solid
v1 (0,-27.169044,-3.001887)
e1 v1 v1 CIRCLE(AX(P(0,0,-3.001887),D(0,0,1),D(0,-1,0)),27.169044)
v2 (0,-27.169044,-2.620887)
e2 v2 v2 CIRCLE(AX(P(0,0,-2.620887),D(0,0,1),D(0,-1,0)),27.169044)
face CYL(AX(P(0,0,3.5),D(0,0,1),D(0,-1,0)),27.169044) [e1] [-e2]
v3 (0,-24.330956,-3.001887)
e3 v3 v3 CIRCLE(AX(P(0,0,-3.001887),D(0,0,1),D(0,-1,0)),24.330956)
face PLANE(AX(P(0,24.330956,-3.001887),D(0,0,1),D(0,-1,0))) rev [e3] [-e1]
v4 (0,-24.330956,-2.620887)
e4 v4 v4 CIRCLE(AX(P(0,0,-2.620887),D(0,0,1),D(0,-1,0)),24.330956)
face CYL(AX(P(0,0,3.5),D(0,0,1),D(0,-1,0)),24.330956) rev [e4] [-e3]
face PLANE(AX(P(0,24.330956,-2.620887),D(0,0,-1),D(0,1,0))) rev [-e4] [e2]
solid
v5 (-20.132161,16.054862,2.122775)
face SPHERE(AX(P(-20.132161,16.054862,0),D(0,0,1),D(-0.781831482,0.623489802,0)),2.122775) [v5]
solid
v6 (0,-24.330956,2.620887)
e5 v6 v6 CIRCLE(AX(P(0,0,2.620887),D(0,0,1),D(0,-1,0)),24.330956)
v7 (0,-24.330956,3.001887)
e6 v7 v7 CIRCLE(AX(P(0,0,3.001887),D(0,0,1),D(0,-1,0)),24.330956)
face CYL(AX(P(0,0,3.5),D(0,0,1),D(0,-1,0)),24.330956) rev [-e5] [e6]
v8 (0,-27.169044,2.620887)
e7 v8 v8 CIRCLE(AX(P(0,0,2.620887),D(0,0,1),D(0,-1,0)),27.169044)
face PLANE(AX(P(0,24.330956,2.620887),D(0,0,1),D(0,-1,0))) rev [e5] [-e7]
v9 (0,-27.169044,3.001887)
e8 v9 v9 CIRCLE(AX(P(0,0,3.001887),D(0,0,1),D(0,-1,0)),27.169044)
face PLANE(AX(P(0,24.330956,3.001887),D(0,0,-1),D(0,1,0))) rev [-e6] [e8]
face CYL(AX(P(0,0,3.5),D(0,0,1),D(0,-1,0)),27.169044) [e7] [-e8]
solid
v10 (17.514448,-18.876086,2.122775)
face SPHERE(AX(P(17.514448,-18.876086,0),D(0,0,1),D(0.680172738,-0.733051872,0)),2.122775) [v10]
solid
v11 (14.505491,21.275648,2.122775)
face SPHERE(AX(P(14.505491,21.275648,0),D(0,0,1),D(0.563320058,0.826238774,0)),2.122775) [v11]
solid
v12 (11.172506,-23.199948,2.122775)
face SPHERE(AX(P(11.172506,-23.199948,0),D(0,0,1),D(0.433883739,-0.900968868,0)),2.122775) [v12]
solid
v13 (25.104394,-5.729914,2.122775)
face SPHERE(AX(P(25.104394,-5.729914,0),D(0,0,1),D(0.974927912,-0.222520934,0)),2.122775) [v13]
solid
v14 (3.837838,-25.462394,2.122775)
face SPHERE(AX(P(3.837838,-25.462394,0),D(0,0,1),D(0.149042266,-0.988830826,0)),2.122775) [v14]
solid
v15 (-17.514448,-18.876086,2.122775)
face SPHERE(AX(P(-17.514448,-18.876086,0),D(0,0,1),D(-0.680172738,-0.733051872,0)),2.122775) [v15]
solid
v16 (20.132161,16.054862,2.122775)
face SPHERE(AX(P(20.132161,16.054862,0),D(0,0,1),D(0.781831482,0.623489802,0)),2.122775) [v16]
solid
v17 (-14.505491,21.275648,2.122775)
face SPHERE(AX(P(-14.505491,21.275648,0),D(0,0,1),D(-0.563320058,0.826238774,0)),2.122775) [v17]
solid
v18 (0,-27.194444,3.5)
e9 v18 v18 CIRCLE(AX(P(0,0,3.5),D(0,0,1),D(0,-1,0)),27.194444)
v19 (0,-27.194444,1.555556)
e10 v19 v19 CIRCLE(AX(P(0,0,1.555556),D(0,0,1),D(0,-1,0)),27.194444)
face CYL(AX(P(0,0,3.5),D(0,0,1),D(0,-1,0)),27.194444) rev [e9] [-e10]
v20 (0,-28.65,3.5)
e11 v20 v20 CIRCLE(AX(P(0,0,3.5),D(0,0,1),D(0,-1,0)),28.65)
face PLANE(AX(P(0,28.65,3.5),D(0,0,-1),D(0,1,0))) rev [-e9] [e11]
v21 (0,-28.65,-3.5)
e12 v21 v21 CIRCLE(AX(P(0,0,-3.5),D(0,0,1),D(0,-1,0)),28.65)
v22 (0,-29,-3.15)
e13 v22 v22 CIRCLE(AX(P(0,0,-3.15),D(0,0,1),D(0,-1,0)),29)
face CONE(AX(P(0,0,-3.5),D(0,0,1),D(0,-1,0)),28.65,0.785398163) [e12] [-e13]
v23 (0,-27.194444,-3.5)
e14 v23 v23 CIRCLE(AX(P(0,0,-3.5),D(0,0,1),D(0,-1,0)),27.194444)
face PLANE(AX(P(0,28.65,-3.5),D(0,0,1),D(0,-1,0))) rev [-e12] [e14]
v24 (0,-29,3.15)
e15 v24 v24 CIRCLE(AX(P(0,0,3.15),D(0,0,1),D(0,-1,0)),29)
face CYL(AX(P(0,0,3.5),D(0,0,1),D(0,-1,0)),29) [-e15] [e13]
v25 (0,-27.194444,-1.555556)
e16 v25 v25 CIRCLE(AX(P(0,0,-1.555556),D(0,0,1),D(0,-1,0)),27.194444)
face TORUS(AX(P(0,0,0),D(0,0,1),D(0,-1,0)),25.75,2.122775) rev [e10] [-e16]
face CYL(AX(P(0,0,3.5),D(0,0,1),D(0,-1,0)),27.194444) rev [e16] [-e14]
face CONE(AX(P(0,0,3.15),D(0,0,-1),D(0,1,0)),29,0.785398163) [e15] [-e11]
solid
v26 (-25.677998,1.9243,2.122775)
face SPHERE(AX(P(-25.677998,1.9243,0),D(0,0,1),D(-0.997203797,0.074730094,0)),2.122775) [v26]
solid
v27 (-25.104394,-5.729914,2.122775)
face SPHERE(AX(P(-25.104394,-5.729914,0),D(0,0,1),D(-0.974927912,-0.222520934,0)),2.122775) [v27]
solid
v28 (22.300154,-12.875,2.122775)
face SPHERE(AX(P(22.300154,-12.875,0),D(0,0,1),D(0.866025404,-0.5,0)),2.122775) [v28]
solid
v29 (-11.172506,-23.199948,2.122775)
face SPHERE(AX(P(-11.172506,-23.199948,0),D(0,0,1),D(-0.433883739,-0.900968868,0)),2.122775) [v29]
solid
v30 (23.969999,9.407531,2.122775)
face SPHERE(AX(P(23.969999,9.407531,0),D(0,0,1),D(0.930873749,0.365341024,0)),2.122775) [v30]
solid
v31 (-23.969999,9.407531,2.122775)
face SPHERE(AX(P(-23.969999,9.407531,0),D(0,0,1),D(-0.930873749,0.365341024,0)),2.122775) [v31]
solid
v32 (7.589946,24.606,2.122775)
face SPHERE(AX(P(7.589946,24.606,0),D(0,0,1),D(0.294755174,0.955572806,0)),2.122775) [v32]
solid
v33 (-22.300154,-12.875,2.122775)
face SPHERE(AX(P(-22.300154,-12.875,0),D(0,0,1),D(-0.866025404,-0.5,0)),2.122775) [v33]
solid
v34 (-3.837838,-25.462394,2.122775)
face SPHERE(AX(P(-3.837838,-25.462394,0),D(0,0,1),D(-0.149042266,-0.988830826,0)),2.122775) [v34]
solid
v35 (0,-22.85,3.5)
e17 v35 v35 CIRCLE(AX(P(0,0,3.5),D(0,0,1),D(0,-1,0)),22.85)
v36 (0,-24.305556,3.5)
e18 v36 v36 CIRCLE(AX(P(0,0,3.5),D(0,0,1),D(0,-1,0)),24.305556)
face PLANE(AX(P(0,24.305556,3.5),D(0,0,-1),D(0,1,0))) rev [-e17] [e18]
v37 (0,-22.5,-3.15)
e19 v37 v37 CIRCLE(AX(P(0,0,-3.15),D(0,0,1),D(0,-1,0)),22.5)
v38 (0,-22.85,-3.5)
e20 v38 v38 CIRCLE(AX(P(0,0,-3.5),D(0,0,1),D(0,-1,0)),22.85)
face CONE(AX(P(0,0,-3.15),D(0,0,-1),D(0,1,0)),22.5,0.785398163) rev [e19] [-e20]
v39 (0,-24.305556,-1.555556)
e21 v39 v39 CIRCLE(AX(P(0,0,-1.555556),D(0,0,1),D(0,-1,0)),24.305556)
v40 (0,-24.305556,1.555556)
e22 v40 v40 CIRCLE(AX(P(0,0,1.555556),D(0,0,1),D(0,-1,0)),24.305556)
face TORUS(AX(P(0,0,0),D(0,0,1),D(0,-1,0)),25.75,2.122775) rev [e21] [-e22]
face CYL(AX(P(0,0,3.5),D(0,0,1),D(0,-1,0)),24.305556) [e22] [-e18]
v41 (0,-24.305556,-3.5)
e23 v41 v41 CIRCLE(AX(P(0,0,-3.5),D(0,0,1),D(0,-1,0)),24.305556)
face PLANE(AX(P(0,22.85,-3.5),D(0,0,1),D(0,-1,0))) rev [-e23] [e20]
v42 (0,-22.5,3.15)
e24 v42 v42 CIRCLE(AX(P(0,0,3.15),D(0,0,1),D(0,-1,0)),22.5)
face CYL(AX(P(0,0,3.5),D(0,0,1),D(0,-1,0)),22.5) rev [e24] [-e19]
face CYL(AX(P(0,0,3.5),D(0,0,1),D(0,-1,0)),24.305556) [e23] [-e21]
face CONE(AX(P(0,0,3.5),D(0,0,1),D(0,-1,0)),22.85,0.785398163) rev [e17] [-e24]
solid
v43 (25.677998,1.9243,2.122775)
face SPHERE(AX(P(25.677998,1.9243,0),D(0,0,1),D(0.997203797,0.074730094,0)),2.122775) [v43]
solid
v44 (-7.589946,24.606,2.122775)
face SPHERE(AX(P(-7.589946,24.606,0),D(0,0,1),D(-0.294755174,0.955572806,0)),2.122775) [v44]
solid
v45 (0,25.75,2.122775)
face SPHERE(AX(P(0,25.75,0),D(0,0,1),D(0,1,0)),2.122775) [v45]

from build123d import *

# Parameters (mm, degrees)
SKETCH5_W         = 0.381
SKETCH5_H         = 2.838088888
CIRPATTERN1_COUNT = 21


with BuildPart() as part:
    # Sketch5 → Revolve1 (revolve)
    with BuildSketch(Plane(origin=(0, 0, 0), x_dir=(0, 0, -1), z_dir=(1, 0, 0)), mode=Mode.PRIVATE) as revolve1_sk:
        with BuildLine():
            Line((3.15, 29), (-3.15, 29))
            Line((-3.15, 29), (-3.5, 28.65))
            Line((-3.5, 28.65), (-3.5, 27.194444444))
            Line((-3.5, 27.194444444), (-1.555555556, 27.194444444))
            ThreePointArc((-1.555555556, 27.194444444), (0, 27.872774797), (1.555555556, 27.194444444))
            Line((1.555555556, 27.194444444), (3.5, 27.194444444))
            Line((3.5, 27.194444444), (3.5, 28.65))
            Line((3.5, 28.65), (3.15, 29))
        make_face()
        with Locations((2.811387399, 25.75)):
            Rectangle(SKETCH5_W, SKETCH5_H)
        with Locations((-2.811387399, 25.75)):
            Rectangle(SKETCH5_W, SKETCH5_H)
    revolve(revolve1_sk.sketch.rotate(Axis((0, 0, 3.5), (0, 0, -1)), 180), axis=Axis((0, 0, 3.5), (0, 0, -1)))


with BuildPart() as body_2:
    # Sketch3 → Revolve3 (revolve)
    with BuildSketch(Plane(origin=(0, 0, 0), x_dir=(0, 0, -1), z_dir=(1, 0, 0)), mode=Mode.PRIVATE) as revolve3_sk:
        with BuildLine():
            Line((-3.5, 24.305555556), (-1.555555556, 24.305555556))
            ThreePointArc((-1.555555556, 24.305555556), (0, 23.627225203), (1.555555556, 24.305555556))
            Line((1.555555556, 24.305555556), (3.5, 24.305555556))
            Line((3.5, 24.305555556), (3.5, 22.85))
            Line((3.5, 22.85), (3.15, 22.5))
            Line((3.15, 22.5), (-3.15, 22.5))
            Line((-3.15, 22.5), (-3.5, 22.85))
            Line((-3.5, 22.85), (-3.5, 24.305555556))
        make_face()
    revolve(revolve3_sk.sketch.rotate(Axis((0, 0, 3.5), (0, 0, -1)), 180), axis=Axis((0, 0, 3.5), (0, 0, -1)))


with BuildPart() as body_3:
    # Sketch4 → Revolve4 (revolve)
    with BuildSketch(Plane(origin=(0, 0, 0), x_dir=(0, 0, -1), z_dir=(1, 0, 0))):
        with BuildLine():
            Line((-2.122774797, 25.75), (2.122774797, 25.75))
            ThreePointArc((2.122774797, 25.75), (0, 27.872774797), (-2.122774797, 25.75))
        make_face()
    revolve(axis=Axis((0, 25.75, 2.122774797), (0, 0, -1)))


with BuildPart() as cirpattern1_1:
    # CirPattern1: pattern copy
    add(body_3.part.rotate(Axis((0, 0, 0), (0, 0, 1)), 1 * 360 / CIRPATTERN1_COUNT))


with BuildPart() as cirpattern1_2:
    # CirPattern1: pattern copy
    add(body_3.part.rotate(Axis((0, 0, 0), (0, 0, 1)), 2 * 360 / CIRPATTERN1_COUNT))


with BuildPart() as cirpattern1_3:
    # CirPattern1: pattern copy
    add(body_3.part.rotate(Axis((0, 0, 0), (0, 0, 1)), 3 * 360 / CIRPATTERN1_COUNT))


with BuildPart() as cirpattern1_4:
    # CirPattern1: pattern copy
    add(body_3.part.rotate(Axis((0, 0, 0), (0, 0, 1)), 4 * 360 / CIRPATTERN1_COUNT))


with BuildPart() as cirpattern1_5:
    # CirPattern1: pattern copy
    add(body_3.part.rotate(Axis((0, 0, 0), (0, 0, 1)), 5 * 360 / CIRPATTERN1_COUNT))


with BuildPart() as cirpattern1_6:
    # CirPattern1: pattern copy
    add(body_3.part.rotate(Axis((0, 0, 0), (0, 0, 1)), 6 * 360 / CIRPATTERN1_COUNT))


with BuildPart() as cirpattern1_7:
    # CirPattern1: pattern copy
    add(body_3.part.rotate(Axis((0, 0, 0), (0, 0, 1)), 7 * 360 / CIRPATTERN1_COUNT))


with BuildPart() as cirpattern1_8:
    # CirPattern1: pattern copy
    add(body_3.part.rotate(Axis((0, 0, 0), (0, 0, 1)), 8 * 360 / CIRPATTERN1_COUNT))


with BuildPart() as cirpattern1_9:
    # CirPattern1: pattern copy
    add(body_3.part.rotate(Axis((0, 0, 0), (0, 0, 1)), 9 * 360 / CIRPATTERN1_COUNT))


with BuildPart() as cirpattern1_10:
    # CirPattern1: pattern copy
    add(body_3.part.rotate(Axis((0, 0, 0), (0, 0, 1)), 10 * 360 / CIRPATTERN1_COUNT))


with BuildPart() as cirpattern1_11:
    # CirPattern1: pattern copy
    add(body_3.part.rotate(Axis((0, 0, 0), (0, 0, 1)), 11 * 360 / CIRPATTERN1_COUNT))


with BuildPart() as cirpattern1_12:
    # CirPattern1: pattern copy
    add(body_3.part.rotate(Axis((0, 0, 0), (0, 0, 1)), 12 * 360 / CIRPATTERN1_COUNT))


with BuildPart() as cirpattern1_13:
    # CirPattern1: pattern copy
    add(body_3.part.rotate(Axis((0, 0, 0), (0, 0, 1)), 13 * 360 / CIRPATTERN1_COUNT))


with BuildPart() as cirpattern1_14:
    # CirPattern1: pattern copy
    add(body_3.part.rotate(Axis((0, 0, 0), (0, 0, 1)), 14 * 360 / CIRPATTERN1_COUNT))


with BuildPart() as cirpattern1_15:
    # CirPattern1: pattern copy
    add(body_3.part.rotate(Axis((0, 0, 0), (0, 0, 1)), 15 * 360 / CIRPATTERN1_COUNT))


with BuildPart() as cirpattern1_16:
    # CirPattern1: pattern copy
    add(body_3.part.rotate(Axis((0, 0, 0), (0, 0, 1)), 16 * 360 / CIRPATTERN1_COUNT))


with BuildPart() as cirpattern1_17:
    # CirPattern1: pattern copy
    add(body_3.part.rotate(Axis((0, 0, 0), (0, 0, 1)), 17 * 360 / CIRPATTERN1_COUNT))


with BuildPart() as cirpattern1_18:
    # CirPattern1: pattern copy
    add(body_3.part.rotate(Axis((0, 0, 0), (0, 0, 1)), 18 * 360 / CIRPATTERN1_COUNT))


with BuildPart() as cirpattern1_19:
    # CirPattern1: pattern copy
    add(body_3.part.rotate(Axis((0, 0, 0), (0, 0, 1)), 19 * 360 / CIRPATTERN1_COUNT))


with BuildPart() as cirpattern1_20:
    # CirPattern1: pattern copy
    add(body_3.part.rotate(Axis((0, 0, 0), (0, 0, 1)), 20 * 360 / CIRPATTERN1_COUNT))


solid = Compound([part.part, body_2.part, body_3.part, cirpattern1_1.part, cirpattern1_2.part, cirpattern1_3.part, cirpattern1_4.part, cirpattern1_5.part, cirpattern1_6.part, cirpattern1_7.part, cirpattern1_8.part, cirpattern1_9.part, cirpattern1_10.part, cirpattern1_11.part, cirpattern1_12.part, cirpattern1_13.part, cirpattern1_14.part, cirpattern1_15.part, cirpattern1_16.part, cirpattern1_17.part, cirpattern1_18.part, cirpattern1_19.part, cirpattern1_20.part])
